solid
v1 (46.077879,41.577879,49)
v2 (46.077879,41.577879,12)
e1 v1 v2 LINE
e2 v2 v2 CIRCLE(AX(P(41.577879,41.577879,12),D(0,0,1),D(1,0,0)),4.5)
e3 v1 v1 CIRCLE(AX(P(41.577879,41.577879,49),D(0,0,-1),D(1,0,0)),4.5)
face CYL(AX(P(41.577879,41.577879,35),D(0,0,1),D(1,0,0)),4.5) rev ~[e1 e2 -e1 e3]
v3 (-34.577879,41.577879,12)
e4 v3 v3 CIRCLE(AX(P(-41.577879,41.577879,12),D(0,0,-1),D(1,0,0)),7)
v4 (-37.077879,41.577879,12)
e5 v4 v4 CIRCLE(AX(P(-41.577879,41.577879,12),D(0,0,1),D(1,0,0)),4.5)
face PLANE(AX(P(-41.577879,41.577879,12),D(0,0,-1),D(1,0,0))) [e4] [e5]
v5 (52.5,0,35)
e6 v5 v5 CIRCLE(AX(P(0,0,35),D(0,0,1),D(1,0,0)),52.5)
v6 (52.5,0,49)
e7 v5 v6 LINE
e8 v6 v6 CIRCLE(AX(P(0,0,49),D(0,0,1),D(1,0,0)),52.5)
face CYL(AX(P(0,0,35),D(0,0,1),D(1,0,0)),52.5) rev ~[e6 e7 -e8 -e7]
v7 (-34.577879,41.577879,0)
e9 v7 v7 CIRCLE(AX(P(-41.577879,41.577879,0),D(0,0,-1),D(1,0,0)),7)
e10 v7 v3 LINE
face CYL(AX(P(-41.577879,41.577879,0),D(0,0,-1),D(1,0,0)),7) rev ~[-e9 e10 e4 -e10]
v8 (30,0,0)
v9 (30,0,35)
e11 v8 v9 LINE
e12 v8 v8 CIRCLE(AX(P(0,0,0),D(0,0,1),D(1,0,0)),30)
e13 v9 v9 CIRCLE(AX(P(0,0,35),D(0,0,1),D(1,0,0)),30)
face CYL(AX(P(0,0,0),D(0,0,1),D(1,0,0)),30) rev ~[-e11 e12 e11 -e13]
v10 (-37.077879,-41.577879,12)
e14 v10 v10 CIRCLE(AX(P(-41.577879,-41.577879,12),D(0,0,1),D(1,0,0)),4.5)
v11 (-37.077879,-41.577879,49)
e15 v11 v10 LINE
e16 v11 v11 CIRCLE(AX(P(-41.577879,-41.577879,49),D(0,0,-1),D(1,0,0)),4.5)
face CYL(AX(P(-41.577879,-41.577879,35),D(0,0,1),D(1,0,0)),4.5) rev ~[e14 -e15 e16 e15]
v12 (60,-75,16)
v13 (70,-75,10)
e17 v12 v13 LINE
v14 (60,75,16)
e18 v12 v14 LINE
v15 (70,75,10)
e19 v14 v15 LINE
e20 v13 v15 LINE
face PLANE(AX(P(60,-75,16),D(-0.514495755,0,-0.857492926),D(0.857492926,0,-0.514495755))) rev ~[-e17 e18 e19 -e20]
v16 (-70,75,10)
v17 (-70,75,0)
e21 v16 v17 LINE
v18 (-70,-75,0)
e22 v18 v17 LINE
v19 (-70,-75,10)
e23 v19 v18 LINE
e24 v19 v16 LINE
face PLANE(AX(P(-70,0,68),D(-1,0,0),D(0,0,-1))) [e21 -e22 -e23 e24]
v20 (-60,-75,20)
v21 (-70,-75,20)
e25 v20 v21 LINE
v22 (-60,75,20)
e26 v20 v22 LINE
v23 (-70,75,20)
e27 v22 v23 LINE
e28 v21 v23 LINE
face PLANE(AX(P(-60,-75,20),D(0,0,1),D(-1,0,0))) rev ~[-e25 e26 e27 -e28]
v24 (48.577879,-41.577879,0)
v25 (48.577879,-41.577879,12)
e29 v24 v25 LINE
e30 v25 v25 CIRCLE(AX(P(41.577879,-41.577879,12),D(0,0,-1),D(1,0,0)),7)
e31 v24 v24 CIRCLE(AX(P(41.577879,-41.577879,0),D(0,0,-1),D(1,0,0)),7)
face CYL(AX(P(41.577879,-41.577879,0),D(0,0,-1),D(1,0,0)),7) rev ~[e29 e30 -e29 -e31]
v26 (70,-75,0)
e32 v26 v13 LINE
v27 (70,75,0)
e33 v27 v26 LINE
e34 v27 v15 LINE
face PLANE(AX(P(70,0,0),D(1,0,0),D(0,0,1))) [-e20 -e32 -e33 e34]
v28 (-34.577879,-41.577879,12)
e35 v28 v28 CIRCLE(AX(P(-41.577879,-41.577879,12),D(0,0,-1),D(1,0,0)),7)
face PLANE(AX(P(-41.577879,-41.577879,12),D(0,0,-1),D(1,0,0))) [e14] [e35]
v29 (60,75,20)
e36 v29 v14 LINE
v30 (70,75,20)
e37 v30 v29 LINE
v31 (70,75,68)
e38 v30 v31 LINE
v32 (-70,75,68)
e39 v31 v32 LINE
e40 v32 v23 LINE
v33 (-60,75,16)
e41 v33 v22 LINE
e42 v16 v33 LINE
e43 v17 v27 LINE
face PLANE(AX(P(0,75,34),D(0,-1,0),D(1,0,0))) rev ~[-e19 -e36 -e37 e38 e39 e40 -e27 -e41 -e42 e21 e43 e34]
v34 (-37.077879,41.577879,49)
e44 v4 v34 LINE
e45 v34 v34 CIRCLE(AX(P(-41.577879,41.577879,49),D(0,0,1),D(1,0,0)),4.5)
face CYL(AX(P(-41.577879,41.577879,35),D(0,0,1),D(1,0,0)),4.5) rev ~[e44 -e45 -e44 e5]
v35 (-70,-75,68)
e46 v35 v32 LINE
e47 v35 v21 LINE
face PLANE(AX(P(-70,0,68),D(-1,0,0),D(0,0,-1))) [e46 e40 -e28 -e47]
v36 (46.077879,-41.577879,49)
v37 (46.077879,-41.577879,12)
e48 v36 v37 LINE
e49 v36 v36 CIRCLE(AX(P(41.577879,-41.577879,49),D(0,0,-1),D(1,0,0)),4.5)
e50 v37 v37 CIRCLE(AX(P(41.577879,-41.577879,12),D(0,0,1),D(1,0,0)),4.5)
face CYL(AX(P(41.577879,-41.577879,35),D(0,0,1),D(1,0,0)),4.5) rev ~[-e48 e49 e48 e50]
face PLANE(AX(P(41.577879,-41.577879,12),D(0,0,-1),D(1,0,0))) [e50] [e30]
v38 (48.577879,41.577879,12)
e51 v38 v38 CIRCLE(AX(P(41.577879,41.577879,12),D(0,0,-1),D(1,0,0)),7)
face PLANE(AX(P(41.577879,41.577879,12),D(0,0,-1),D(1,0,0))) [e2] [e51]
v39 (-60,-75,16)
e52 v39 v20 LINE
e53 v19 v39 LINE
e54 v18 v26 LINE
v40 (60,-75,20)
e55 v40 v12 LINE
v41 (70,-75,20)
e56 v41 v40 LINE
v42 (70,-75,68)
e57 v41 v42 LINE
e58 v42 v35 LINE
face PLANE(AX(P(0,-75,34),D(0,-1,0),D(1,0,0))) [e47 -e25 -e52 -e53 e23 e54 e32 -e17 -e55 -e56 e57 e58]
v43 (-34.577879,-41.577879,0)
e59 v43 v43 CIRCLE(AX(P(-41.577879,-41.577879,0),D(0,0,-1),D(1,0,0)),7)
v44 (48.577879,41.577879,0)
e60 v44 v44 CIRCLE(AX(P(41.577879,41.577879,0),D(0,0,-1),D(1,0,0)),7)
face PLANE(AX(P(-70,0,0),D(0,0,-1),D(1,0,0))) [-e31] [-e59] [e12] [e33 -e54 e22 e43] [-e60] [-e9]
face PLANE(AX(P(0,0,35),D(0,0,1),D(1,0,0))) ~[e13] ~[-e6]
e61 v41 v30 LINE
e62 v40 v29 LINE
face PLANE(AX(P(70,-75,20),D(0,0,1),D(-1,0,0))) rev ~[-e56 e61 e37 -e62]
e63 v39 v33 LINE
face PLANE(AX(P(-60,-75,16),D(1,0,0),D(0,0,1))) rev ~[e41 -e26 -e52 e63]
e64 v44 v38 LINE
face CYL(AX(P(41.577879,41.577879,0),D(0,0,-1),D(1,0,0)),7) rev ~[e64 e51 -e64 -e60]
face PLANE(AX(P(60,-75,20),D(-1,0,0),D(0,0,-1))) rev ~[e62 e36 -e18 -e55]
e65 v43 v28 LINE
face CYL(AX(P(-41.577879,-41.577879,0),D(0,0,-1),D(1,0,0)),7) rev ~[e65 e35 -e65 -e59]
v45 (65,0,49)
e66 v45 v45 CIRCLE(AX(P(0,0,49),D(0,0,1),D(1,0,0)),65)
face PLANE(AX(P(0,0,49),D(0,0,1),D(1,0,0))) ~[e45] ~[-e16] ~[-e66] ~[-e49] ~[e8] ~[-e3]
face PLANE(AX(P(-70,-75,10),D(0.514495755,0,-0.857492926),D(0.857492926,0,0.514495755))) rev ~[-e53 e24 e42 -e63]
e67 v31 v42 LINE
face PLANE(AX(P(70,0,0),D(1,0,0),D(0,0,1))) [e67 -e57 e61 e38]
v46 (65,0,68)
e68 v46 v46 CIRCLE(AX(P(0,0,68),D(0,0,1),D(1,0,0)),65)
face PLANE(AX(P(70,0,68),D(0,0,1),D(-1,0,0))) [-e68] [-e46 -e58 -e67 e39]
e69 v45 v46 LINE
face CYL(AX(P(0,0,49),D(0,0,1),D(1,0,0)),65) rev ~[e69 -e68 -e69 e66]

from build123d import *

# Parameters (mm, degrees)
F1_DEPTH = 75
F5_R     = 7
F6_DEPTH = 12
F4_R     = 4.5
F7_DEPTH = 37
F9_DEPTH = 150


with BuildPart() as f1:
    # F0 (on Front) → F1 (new body, symmetric)
    with BuildSketch(Plane.XZ):
        Polygon((-70, 0), (0, 0), (70, 0), (70, 68), (-70, 68), align=None)
    extrude(amount=F1_DEPTH, both=True)

    # F2 (on Front) → F3 (revolve, cut)
    with BuildSketch(Plane.XZ):
        Polygon((0, 68), (0, 0), (30, 0), (30, 35), (52.5, 35), (52.5, 49), (65, 49), (65, 68), align=None)
    revolve(axis=Axis((0, 0, 34), (0, 0, 1)), mode=Mode.SUBTRACT)

    # F5 (on face) → F6 (cut)
    with BuildSketch(Plane(origin=(0, 0, 0), x_dir=(1, 0, 0), z_dir=(0, 0, -1))):
        with Locations((41.577879, 41.577879)):
            Circle(F5_R)
        with Locations((41.577879, -41.577879)):
            Circle(F5_R)
        with Locations((-41.577879, -41.577879)):
            Circle(F5_R)
        with Locations((-41.577879, 41.577879)):
            Circle(F5_R)
    extrude(amount=-F6_DEPTH, mode=Mode.SUBTRACT)

    # F4 (on face) → F7 (cut, symmetric)
    with BuildSketch(Plane.XY.offset(35)):
        with Locations((41.577879, 41.577879)):
            Circle(F4_R)
        with Locations((41.577879, -41.577879)):
            Circle(F4_R)
        with Locations((-41.577879, -41.577879)):
            Circle(F4_R)
        with Locations((-41.577879, 41.577879)):
            Circle(F4_R)
    extrude(amount=F7_DEPTH, both=True, mode=Mode.SUBTRACT)

    # F8 (on face) → F9 (cut)
    with BuildSketch(Plane.XZ.offset(75)):
        Polygon((60, 16), (70, 10), (70, 20), (60, 20), align=None)
        Polygon((-60, 16), (-60, 20), (-70, 20), (-70, 10), align=None)
    extrude(amount=-F9_DEPTH, mode=Mode.SUBTRACT)


solid = f1.part
